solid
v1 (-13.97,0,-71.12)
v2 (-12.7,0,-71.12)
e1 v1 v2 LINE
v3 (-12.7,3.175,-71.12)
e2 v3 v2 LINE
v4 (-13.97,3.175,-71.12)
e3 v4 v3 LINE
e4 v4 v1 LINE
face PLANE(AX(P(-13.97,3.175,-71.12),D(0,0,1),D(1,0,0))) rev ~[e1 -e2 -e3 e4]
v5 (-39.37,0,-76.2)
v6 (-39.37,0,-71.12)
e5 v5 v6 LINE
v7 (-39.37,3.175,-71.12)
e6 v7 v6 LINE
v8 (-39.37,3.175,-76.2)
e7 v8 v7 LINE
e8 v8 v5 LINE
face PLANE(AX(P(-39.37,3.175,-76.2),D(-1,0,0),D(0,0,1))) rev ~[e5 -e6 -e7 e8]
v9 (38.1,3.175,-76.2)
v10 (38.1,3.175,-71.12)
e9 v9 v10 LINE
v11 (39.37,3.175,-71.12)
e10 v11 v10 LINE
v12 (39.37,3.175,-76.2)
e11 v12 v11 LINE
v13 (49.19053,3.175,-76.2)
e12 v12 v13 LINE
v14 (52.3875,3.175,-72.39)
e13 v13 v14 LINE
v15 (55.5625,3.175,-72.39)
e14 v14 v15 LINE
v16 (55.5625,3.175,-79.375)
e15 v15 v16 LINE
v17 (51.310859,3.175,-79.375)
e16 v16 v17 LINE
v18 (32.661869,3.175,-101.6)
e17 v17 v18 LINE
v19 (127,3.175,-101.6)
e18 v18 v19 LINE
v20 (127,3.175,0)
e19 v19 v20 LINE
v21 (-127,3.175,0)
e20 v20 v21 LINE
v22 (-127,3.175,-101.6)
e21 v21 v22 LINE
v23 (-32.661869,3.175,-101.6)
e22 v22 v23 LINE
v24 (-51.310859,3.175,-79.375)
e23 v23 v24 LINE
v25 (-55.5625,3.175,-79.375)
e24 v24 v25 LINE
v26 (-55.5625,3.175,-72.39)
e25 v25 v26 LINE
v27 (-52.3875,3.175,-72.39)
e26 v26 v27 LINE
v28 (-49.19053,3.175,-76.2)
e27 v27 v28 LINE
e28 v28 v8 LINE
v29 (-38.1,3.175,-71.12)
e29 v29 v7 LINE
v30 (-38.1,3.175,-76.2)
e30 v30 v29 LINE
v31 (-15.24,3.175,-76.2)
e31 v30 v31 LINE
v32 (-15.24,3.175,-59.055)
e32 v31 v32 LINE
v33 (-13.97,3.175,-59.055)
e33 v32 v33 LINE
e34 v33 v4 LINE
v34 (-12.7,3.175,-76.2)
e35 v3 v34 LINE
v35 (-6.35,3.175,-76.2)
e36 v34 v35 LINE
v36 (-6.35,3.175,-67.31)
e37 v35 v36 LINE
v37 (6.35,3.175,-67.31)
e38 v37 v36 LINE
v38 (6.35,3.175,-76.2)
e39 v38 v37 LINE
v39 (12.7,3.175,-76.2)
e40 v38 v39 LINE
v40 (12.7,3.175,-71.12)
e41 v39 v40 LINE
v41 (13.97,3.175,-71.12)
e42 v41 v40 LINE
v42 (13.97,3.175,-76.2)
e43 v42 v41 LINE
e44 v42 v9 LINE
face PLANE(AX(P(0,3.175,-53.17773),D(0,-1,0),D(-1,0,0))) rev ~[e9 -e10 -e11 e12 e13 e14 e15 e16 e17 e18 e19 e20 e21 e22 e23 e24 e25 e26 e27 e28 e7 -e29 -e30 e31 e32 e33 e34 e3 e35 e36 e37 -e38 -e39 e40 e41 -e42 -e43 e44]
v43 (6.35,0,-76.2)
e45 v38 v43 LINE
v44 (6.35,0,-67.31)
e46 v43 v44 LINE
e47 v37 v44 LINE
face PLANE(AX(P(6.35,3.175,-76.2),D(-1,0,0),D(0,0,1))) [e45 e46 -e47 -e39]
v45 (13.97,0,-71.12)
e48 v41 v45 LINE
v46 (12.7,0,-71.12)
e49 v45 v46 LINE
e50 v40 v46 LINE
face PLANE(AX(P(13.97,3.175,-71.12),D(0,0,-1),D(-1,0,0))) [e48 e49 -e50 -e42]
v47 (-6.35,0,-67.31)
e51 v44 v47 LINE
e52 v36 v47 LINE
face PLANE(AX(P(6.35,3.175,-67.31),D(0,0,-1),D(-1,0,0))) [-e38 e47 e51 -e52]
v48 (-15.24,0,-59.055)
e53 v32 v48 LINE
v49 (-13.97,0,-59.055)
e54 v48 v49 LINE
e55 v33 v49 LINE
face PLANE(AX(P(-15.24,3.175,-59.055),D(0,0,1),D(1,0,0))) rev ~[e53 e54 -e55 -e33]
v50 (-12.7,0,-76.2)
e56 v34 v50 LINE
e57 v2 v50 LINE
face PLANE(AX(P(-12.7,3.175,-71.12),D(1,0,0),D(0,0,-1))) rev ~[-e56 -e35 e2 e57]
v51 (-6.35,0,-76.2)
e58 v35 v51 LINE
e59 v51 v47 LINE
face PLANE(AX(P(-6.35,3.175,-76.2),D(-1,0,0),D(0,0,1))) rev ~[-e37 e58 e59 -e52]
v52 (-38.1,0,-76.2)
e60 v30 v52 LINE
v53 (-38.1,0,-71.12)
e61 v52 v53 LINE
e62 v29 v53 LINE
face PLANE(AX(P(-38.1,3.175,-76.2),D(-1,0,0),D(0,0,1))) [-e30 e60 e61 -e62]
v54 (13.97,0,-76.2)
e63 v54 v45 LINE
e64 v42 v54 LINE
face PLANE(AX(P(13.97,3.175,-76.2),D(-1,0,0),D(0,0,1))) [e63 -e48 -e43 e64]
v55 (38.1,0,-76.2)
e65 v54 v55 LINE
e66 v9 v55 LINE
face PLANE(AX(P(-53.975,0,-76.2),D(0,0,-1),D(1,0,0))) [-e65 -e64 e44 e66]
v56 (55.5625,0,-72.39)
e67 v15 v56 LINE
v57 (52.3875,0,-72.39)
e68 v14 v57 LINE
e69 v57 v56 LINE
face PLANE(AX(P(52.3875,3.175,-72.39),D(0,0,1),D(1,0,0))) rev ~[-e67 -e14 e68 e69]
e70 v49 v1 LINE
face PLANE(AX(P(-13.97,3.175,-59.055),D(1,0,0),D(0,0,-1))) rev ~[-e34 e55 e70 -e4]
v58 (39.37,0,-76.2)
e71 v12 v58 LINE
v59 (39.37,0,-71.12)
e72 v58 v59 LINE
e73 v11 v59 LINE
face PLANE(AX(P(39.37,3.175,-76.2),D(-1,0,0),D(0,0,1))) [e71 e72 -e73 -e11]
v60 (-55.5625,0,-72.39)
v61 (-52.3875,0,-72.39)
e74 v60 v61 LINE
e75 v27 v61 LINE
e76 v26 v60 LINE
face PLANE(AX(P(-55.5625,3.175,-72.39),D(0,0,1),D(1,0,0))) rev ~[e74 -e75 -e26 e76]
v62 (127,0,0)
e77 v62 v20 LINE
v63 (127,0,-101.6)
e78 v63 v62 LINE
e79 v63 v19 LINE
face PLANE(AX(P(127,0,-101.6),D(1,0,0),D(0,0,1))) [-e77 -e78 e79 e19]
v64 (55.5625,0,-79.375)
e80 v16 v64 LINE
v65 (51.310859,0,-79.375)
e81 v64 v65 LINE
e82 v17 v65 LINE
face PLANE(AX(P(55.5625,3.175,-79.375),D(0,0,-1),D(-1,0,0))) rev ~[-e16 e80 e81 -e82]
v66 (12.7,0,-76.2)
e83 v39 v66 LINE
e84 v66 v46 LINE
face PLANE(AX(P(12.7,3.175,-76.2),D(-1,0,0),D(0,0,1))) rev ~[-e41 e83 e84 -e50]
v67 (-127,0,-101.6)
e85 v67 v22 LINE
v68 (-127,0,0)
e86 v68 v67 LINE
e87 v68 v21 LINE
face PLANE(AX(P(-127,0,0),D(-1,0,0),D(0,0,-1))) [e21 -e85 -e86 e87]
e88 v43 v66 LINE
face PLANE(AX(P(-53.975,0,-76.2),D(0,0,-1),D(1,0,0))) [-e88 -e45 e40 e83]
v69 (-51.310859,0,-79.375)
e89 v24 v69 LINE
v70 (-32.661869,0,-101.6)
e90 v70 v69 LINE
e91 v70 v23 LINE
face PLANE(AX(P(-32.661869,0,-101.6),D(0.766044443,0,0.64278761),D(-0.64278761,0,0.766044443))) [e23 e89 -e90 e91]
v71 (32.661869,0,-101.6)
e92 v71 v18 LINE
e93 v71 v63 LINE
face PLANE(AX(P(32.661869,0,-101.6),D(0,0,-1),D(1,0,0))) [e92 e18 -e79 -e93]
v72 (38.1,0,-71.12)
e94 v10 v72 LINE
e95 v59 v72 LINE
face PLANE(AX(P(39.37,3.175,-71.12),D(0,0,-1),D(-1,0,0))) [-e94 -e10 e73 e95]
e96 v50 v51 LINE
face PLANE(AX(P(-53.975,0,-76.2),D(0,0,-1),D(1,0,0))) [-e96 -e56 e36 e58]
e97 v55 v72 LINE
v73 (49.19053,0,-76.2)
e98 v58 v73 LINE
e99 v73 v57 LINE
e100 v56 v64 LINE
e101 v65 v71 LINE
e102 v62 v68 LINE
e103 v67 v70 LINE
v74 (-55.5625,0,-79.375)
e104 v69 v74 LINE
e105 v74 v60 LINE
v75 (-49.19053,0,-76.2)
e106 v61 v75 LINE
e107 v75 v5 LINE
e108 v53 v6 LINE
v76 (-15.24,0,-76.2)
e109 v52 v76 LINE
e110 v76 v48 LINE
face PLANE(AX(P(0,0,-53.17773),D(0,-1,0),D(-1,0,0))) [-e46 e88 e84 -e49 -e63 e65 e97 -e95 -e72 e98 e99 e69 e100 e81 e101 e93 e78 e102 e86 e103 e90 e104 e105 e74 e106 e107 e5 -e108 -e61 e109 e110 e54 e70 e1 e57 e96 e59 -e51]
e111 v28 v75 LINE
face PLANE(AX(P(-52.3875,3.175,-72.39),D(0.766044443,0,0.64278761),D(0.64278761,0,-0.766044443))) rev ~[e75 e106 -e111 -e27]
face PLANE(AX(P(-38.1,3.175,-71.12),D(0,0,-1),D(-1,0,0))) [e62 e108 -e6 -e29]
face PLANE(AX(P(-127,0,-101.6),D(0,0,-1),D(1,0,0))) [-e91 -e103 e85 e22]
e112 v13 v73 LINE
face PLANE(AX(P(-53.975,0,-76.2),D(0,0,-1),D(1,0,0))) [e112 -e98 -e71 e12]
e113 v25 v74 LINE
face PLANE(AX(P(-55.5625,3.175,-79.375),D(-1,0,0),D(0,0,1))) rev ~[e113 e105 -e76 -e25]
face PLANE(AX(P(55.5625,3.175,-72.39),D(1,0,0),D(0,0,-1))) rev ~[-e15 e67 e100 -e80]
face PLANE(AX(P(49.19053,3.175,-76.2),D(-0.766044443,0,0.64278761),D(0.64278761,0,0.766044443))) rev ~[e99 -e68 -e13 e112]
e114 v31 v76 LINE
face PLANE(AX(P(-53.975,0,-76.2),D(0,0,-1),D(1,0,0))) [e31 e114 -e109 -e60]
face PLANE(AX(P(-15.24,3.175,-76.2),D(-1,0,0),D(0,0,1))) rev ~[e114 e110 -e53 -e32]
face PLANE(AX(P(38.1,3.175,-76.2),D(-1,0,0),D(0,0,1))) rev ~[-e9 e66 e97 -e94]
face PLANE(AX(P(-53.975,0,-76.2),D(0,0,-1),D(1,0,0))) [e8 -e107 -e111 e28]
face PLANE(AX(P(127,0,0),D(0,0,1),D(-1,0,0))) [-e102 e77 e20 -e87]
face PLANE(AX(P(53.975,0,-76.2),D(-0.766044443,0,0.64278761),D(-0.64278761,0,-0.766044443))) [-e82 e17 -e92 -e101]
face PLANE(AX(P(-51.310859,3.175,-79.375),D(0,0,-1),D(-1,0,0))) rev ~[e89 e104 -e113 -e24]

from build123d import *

# Parameters (mm, degrees)
BOSS_EXTRUDE1_DEPTH = 3.175
SKETCH2_W           = 1.27
SKETCH2_H           = 5.08
SKETCH2_W_2         = 12.7
SKETCH2_H_2         = 8.89
CUT_EXTRUDE1_DEPTH  = 3.175


with BuildPart() as part:
    # Sketch1 → Boss-Extrude1 (new body)
    with BuildSketch(Plane(origin=(0, 0, 0), x_dir=(1, 0, 0), z_dir=(0, 1, 0))):
        Polygon((32.661869368, 101.6), (127, 101.6), (127, 0), (-127, 0), (-127, 101.6), (-32.661869368, 101.6), (-53.975, 76.2), (53.975, 76.2), align=None)
    extrude(amount=BOSS_EXTRUDE1_DEPTH)

    # Sketch2 → Cut-Extrude1 (cut)
    with BuildSketch(Plane(origin=(0, 3.175, 0), x_dir=(-1, 0, 0), z_dir=(0, 1, 0))):
        with Locations((38.735, -73.66)):
            Rectangle(SKETCH2_W, SKETCH2_H)
        Polygon((52.3875, -72.39), (49.190530405, -76.2), (53.975, -76.2), (51.310858671, -79.375), (55.5625, -79.375), (55.5625, -72.39), align=None)
        Polygon((12.7, -76.2), (15.24, -76.2), (15.24, -59.055), (13.97, -59.055), (13.97, -71.12), (12.7, -71.12), align=None)
        with Locations((0, -71.755)):
            Rectangle(SKETCH2_W_2, SKETCH2_H_2)
        with Locations((-13.335, -73.66)):
            Rectangle(SKETCH2_W, SKETCH2_H)
        with Locations((-38.735, -73.66)):
            Rectangle(SKETCH2_W, SKETCH2_H)
        Polygon((-53.975, -76.2), (-49.190530405, -76.2), (-52.3875, -72.39), (-55.5625, -72.39), (-55.5625, -79.375), (-51.310858671, -79.375), align=None)
    extrude(amount=-CUT_EXTRUDE1_DEPTH, mode=Mode.SUBTRACT)


solid = part.part
